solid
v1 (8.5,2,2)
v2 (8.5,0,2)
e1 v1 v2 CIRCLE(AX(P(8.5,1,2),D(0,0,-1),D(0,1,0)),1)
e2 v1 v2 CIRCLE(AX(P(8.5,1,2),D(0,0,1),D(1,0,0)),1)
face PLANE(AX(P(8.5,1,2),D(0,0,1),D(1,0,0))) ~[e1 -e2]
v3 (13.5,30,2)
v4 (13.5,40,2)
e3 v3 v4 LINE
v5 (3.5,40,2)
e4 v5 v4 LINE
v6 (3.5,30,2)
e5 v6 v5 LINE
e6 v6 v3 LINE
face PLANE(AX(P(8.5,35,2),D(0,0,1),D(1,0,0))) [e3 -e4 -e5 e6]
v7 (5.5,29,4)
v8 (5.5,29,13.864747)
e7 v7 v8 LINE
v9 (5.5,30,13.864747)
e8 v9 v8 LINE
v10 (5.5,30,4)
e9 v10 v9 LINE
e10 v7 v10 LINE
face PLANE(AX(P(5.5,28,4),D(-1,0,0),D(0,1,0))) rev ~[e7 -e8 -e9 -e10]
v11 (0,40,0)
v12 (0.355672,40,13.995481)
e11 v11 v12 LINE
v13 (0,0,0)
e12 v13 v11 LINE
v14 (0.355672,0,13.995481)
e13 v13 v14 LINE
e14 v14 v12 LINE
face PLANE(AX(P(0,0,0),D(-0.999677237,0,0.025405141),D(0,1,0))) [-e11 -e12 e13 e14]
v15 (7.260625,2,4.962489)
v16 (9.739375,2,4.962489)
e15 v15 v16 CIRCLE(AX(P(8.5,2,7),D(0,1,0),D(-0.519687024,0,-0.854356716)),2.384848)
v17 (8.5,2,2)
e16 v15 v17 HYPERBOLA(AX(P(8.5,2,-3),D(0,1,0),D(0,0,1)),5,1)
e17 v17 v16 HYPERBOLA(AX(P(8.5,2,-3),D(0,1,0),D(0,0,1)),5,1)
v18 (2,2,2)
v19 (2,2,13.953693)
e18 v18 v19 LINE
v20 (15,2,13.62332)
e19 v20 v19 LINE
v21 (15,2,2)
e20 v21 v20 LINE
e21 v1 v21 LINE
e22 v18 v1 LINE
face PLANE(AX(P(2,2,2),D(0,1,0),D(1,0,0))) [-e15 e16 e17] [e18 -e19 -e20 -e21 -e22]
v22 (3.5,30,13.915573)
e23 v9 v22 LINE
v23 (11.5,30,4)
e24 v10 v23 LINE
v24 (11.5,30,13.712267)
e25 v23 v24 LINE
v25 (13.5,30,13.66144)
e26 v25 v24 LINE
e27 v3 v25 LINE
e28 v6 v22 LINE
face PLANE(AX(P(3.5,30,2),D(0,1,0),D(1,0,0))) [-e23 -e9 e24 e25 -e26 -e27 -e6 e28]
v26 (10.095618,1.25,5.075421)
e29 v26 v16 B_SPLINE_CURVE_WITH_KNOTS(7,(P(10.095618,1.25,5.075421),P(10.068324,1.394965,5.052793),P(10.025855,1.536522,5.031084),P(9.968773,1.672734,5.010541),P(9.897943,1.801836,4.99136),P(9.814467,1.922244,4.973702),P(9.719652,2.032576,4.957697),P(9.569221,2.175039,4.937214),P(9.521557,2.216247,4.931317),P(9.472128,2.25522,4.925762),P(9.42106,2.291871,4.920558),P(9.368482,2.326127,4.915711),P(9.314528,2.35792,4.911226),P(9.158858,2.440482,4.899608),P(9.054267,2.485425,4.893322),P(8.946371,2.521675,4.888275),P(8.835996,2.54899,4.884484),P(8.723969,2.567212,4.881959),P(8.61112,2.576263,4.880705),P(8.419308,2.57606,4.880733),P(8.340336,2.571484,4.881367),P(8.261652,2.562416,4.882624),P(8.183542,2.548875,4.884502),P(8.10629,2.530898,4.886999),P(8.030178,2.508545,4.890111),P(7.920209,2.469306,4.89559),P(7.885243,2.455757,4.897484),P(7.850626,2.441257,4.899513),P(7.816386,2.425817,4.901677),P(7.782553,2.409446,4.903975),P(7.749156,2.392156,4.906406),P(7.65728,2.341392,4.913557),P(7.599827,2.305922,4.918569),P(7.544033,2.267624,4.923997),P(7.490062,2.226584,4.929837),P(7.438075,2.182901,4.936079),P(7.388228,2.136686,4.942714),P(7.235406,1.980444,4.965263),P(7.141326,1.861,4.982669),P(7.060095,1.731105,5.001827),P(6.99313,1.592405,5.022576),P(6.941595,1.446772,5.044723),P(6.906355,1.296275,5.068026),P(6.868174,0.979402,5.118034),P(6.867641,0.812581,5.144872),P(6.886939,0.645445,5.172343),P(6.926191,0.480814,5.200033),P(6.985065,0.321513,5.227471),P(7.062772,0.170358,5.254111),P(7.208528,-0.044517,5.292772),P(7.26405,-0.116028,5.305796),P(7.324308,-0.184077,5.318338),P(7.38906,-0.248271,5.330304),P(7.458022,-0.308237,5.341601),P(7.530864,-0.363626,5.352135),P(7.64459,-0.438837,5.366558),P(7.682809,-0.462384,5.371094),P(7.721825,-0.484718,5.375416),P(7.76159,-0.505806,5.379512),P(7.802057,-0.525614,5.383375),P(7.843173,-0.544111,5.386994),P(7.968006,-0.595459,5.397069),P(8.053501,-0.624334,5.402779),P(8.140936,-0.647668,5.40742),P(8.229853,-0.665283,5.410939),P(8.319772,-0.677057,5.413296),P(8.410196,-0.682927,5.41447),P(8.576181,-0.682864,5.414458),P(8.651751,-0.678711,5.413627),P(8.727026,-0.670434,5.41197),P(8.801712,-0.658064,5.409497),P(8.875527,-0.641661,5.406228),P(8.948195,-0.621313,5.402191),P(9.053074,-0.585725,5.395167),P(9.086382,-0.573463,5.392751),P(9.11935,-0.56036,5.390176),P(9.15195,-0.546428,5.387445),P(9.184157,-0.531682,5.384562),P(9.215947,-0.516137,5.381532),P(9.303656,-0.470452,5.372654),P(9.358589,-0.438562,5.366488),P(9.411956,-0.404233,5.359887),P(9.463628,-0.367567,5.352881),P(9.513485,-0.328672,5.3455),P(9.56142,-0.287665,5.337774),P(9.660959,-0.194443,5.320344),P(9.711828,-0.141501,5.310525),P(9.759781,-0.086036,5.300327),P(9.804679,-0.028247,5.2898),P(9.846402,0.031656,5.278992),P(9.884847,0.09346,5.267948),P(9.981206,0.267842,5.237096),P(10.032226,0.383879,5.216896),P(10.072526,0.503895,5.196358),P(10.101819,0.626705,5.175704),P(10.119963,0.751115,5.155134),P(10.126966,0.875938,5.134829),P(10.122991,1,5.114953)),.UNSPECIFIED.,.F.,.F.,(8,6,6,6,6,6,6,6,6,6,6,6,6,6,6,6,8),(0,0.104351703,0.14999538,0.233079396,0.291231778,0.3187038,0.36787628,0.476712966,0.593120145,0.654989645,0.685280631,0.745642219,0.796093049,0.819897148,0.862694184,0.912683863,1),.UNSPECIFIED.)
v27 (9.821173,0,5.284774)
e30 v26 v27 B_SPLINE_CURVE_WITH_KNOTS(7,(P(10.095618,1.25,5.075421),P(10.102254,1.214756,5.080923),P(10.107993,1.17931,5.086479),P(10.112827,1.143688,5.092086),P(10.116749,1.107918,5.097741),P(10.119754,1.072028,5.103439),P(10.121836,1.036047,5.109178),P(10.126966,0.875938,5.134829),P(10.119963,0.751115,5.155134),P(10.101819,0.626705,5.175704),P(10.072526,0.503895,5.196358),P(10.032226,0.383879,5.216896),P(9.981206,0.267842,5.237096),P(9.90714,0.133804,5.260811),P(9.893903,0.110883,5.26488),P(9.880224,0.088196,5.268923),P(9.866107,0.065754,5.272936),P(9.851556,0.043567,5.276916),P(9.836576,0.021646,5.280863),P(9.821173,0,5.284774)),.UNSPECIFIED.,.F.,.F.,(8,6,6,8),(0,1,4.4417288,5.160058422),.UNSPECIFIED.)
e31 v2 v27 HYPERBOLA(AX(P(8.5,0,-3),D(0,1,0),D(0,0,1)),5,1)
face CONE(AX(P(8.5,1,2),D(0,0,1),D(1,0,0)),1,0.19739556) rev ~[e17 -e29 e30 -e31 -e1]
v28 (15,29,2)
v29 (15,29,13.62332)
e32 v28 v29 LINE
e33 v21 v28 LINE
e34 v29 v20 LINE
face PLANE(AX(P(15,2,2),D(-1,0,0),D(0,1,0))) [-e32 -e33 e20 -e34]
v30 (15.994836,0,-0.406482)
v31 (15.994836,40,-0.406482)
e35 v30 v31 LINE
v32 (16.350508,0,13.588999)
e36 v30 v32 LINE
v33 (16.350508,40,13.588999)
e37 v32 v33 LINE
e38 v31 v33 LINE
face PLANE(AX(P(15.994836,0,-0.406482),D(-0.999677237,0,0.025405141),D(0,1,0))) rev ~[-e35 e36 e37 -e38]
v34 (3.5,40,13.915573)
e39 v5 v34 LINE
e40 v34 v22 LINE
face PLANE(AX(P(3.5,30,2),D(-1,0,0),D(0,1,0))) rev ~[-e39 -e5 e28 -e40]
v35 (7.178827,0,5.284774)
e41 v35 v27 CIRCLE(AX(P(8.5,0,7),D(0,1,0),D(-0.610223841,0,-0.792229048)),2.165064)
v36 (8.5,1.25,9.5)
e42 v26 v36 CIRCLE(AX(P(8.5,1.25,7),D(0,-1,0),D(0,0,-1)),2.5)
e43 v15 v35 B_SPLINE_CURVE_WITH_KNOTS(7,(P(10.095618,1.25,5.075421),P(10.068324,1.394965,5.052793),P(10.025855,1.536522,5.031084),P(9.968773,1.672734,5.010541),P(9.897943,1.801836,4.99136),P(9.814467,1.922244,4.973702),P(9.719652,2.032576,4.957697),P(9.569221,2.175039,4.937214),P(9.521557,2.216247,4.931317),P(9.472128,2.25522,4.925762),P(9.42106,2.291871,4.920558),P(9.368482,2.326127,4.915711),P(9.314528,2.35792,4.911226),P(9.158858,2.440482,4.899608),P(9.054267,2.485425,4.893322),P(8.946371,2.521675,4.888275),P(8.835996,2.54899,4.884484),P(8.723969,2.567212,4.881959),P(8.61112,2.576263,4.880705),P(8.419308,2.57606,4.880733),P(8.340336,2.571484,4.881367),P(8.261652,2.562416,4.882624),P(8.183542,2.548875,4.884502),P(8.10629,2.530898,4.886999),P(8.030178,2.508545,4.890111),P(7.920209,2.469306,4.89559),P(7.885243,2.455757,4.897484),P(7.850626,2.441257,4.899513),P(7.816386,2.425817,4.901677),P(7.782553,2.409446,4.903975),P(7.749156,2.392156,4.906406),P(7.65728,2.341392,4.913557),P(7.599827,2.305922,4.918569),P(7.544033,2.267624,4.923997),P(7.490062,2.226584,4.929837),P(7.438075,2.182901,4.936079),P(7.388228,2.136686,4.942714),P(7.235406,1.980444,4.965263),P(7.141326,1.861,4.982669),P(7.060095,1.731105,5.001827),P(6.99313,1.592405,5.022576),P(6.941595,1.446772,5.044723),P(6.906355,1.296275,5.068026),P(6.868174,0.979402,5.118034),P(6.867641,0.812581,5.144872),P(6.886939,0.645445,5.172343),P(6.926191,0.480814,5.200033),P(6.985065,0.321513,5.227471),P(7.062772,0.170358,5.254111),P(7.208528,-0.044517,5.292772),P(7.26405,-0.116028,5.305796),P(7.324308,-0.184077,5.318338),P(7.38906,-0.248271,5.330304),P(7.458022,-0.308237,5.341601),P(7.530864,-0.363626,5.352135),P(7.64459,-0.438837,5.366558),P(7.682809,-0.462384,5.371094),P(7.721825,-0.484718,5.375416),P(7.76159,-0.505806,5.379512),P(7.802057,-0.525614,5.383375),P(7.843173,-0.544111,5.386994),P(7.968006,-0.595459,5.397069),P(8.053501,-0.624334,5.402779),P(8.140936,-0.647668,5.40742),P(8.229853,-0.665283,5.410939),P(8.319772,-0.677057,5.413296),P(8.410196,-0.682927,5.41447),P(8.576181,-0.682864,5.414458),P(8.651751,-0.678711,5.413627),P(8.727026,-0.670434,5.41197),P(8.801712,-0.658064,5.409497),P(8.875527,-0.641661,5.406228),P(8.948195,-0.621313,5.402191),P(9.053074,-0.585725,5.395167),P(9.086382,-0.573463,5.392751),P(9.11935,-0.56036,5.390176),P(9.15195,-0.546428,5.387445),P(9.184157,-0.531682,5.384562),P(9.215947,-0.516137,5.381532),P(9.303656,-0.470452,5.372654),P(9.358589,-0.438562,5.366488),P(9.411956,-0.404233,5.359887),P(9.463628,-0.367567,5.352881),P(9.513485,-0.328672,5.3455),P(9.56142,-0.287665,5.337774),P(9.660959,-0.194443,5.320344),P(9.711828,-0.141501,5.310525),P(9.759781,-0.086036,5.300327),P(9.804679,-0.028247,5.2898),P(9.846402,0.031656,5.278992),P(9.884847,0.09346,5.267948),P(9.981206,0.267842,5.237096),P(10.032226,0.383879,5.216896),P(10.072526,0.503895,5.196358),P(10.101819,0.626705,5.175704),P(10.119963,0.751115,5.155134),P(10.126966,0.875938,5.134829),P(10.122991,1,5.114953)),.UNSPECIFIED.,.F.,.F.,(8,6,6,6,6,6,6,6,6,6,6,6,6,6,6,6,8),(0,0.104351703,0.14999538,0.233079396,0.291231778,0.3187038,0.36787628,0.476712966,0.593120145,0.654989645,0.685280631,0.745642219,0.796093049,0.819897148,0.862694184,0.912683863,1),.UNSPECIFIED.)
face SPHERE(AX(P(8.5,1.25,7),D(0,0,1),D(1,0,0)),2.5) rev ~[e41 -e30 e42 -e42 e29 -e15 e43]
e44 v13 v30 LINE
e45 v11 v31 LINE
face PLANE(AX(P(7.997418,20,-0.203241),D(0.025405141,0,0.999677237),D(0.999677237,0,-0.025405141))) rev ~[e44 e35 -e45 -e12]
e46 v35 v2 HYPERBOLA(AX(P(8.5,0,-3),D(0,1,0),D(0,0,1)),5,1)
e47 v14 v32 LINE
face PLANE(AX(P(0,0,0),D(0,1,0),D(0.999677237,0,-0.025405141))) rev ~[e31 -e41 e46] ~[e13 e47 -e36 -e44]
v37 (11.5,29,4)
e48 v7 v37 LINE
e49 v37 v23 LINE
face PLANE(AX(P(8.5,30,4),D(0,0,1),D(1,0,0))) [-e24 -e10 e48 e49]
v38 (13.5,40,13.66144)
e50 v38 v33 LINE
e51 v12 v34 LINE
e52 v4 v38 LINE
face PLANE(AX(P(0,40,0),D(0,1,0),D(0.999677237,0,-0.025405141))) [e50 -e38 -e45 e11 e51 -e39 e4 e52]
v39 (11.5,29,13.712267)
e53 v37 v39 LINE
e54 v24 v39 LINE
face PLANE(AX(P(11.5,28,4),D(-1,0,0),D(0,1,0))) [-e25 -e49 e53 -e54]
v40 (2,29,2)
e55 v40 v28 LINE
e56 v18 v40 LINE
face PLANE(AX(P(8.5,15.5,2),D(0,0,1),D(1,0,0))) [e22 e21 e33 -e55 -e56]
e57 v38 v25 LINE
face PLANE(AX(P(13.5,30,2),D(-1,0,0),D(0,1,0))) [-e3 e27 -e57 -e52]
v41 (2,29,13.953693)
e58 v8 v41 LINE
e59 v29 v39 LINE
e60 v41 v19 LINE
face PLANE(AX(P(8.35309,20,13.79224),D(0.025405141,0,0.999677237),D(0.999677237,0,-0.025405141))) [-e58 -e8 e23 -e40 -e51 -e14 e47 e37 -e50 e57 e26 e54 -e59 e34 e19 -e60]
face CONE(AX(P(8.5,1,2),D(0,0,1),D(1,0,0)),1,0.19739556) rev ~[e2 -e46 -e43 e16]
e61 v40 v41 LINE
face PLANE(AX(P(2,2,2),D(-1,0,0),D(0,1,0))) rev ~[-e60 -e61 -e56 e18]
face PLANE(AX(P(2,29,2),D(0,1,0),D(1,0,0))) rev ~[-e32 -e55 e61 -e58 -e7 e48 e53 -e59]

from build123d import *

# Parameters (mm, degrees)
BOX003_W        = 6
BOX003_H        = 4
BOX003_DEPTH    = 15
BOX002_W        = 10
BOX002_H        = 10
BOX002_DEPTH    = 15
BOX001_W        = 13
BOX001_H        = 27
BOX001_DEPTH    = 12
BOX_W           = 16
BOX_H           = 40
BOX_DEPTH       = 14
BOX_PITCH_ANGLE = 1.455764


with BuildPart() as cone:
    # Cone → Cone (revolve)
    with BuildSketch(Plane(origin=(8.5, 1, 2), x_dir=(1, 0, 0), z_dir=(0, -1, 0))):
        Polygon((0, 0), (1, 0), (2, 5), (0, 5), align=None)
    revolve(axis=Axis((8.5, 1, 2), (0, 0, 1)))


with BuildPart() as pinhole:
    # Sphere → Sphere (revolve)
    with BuildSketch(Plane(origin=(8.5, 1.25, 7), x_dir=(1, 0, 0), z_dir=(0, -1, 0))):
        with BuildLine():
            ThreePointArc((0, -2.5), (2.5, 0), (0, 2.5))
            Line((0, 2.5), (0, -2.5))
        make_face()
    revolve(axis=Axis((8.5, 1.25, 7), (0, 0, 1)))


with BuildPart() as neck:
    # Box003 → Box003 (new body)
    with BuildSketch(Plane(origin=(5.5, 28, 4), x_dir=(1, 0, 0), z_dir=(0, 0, 1))):
        with Locations((3, 2)):
            Rectangle(BOX003_W, BOX003_H)
    extrude(amount=BOX003_DEPTH)


with BuildPart() as pullbay:
    # Box002 → Box002 (new body)
    with BuildSketch(Plane(origin=(3.5, 30, 2), x_dir=(1, 0, 0), z_dir=(0, 0, 1))):
        with Locations((5, 5)):
            Rectangle(BOX002_W, BOX002_H)
    extrude(amount=BOX002_DEPTH)


with BuildPart() as solenoidbay:
    # Box001 → Box001 (new body)
    with BuildSketch(Plane(origin=(2, 2, 2), x_dir=(1, 0, 0), z_dir=(0, 0, 1))):
        with Locations((6.5, 13.5)):
            Rectangle(BOX001_W, BOX001_H)
    extrude(amount=BOX001_DEPTH)


with BuildPart() as cut004:
    # Box → Box (new body)
    with BuildSketch(Plane.XY):
        with Locations((8, 20)):
            Rectangle(BOX_W, BOX_H)
    extrude(amount=BOX_DEPTH)


with BuildPart() as cut004_1:
    # Box pitch: moved
    add(cut004.part.rotate(Axis((0, 0, 0), (0, 1, 0)), BOX_PITCH_ANGLE))


with BuildPart() as cut004_2:
    # Box placement: moved
    add(cut004_1.part)

    # Cut: cut solenoidBay
    add(solenoidbay.part, mode=Mode.SUBTRACT)

    # Cut001: cut pullBay
    add(pullbay.part, mode=Mode.SUBTRACT)

    # Cut002: cut neck
    add(neck.part, mode=Mode.SUBTRACT)

    # Cut003: cut pinhole
    add(pinhole.part, mode=Mode.SUBTRACT)

    # Cut004: cut Cone
    add(cone.part, mode=Mode.SUBTRACT)


solid = cut004_2.part
